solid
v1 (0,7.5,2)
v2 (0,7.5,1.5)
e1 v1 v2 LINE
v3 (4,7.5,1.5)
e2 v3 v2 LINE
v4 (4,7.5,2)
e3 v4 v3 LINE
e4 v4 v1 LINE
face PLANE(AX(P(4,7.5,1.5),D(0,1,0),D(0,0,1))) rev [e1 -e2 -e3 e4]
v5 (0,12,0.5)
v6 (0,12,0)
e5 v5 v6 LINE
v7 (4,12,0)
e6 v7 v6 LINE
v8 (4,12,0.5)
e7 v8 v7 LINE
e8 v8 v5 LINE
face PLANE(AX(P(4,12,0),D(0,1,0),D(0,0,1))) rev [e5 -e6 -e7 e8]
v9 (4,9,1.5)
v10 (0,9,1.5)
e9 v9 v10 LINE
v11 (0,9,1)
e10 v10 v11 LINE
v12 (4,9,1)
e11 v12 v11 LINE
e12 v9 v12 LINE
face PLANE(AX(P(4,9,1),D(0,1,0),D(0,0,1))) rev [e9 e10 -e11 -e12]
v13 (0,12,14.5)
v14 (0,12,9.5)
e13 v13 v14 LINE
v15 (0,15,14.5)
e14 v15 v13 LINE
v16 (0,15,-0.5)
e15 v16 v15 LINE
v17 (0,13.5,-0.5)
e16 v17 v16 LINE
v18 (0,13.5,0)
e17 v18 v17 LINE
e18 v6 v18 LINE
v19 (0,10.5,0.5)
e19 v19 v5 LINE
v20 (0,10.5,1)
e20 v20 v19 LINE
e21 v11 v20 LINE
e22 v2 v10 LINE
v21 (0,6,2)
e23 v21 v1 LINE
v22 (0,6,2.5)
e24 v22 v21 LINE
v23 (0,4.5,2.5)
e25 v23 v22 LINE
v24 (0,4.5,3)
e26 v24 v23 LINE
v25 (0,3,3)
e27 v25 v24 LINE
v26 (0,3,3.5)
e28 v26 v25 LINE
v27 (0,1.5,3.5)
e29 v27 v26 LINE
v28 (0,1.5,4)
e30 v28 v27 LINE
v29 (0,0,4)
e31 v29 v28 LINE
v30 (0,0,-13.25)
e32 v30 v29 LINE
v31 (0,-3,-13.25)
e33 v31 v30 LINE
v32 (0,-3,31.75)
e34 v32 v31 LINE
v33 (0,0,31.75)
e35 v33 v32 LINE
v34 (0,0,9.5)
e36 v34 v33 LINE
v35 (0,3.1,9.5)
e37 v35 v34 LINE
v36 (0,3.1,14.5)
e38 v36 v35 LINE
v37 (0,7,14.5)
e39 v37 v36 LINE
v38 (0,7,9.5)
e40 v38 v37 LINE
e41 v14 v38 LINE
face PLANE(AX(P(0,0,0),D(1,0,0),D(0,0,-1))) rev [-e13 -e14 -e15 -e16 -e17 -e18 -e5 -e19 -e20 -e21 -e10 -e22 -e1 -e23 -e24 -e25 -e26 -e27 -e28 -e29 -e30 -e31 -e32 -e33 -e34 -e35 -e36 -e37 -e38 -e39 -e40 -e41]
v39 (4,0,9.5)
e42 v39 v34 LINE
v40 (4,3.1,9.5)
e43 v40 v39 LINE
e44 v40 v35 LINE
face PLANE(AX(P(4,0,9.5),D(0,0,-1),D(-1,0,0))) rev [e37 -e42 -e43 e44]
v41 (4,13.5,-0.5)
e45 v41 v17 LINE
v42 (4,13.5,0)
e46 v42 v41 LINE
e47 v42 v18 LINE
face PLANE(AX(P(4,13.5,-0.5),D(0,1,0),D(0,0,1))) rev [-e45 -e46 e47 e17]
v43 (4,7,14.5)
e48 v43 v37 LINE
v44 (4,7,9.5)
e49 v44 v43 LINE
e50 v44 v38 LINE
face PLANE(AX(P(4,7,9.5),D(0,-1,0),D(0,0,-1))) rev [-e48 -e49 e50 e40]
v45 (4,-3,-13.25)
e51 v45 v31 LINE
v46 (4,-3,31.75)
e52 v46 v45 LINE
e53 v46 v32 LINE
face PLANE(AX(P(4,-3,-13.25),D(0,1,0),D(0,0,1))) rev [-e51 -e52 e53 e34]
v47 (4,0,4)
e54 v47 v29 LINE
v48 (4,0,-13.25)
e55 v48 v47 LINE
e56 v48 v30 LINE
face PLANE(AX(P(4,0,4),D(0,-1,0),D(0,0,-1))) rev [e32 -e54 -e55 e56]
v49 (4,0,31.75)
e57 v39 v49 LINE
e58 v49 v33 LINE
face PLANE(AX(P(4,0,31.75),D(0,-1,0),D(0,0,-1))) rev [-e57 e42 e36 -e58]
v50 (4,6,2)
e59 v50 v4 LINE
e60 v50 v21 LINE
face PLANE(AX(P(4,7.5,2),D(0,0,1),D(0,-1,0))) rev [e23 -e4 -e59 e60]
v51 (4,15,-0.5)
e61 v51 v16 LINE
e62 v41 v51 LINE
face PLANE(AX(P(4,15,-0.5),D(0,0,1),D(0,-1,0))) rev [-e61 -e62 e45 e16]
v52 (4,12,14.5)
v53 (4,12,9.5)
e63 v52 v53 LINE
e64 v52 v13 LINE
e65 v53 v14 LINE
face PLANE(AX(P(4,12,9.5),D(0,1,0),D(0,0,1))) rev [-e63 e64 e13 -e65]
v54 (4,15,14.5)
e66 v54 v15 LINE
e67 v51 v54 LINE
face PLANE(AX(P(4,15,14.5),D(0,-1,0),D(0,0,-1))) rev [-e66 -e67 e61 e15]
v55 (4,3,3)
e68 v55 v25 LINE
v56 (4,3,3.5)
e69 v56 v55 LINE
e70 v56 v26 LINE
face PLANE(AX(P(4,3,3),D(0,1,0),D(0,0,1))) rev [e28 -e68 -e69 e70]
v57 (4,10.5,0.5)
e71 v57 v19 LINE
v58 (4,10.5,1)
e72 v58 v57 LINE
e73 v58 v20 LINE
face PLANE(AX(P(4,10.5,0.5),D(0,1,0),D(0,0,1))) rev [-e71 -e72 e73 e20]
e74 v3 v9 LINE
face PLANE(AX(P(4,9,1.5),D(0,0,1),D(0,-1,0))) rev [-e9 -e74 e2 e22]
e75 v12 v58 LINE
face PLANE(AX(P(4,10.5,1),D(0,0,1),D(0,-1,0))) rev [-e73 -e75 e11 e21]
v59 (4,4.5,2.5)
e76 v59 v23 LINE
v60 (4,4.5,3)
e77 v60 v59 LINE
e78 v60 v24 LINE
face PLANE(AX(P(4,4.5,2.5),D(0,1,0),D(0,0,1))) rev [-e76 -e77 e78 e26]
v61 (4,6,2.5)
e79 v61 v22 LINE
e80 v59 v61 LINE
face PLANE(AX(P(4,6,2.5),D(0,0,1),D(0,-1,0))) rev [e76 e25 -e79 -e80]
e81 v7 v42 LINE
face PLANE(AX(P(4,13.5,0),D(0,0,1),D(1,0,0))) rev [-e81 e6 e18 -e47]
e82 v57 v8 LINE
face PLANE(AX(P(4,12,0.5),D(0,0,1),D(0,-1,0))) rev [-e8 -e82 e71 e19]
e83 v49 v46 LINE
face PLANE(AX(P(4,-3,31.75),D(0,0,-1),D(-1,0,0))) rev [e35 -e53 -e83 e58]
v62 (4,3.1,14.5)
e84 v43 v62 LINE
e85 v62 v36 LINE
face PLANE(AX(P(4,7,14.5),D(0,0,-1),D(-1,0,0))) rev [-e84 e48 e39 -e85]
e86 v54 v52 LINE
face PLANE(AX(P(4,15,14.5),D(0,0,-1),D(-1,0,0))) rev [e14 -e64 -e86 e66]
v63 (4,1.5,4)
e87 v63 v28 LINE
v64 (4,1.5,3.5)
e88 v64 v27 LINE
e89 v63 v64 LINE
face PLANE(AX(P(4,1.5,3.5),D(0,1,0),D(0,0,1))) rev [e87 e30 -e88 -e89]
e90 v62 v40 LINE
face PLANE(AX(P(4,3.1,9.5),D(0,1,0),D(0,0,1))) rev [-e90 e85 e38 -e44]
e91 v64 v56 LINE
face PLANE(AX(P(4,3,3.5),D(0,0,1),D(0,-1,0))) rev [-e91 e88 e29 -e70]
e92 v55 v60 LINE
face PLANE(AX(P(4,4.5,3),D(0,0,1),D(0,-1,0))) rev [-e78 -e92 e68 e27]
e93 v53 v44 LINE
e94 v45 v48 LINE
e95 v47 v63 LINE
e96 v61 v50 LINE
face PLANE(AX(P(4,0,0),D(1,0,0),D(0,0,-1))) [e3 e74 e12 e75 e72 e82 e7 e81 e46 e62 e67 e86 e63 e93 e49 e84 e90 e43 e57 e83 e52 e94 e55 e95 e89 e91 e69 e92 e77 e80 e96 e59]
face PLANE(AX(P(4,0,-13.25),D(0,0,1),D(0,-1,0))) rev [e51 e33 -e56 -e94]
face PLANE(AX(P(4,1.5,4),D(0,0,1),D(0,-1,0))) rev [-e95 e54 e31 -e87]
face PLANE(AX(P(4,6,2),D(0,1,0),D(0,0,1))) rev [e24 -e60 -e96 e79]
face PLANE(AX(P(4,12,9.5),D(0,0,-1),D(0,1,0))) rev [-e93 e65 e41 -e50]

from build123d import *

# Parameters (mm, degrees)
BOSS_EXTRUDE1_DEPTH = 4


with BuildPart() as part:
    # Sketch1 → Boss-Extrude1 (new body)
    with BuildSketch(Plane(origin=(0, 0, 0), x_dir=(0, 0, -1), z_dir=(1, 0, 0))):
        Polygon((-4, 0), (13.25, 0), (13.25, -3), (-31.75, -3), (-31.75, 0), (-14.5, 0), (-9.5, 0), (-9.5, 3.1), (-14.5, 3.1), (-14.5, 7), (-9.5, 7), (-9.5, 12), (-14.5, 12), (-14.5, 15), (0.5, 15), (0.5, 13.5), (0, 13.5), (0, 12), (-0.5, 12), (-0.5, 10.5), (-1, 10.5), (-1, 9), (-1.5, 9), (-1.5, 7.5), (-2, 7.5), (-2, 6), (-2.5, 6), (-2.5, 4.5), (-3, 4.5), (-3, 3), (-3.5, 3), (-3.5, 1.5), (-4, 1.5), align=None)
    extrude(amount=BOSS_EXTRUDE1_DEPTH)


solid = part.part
